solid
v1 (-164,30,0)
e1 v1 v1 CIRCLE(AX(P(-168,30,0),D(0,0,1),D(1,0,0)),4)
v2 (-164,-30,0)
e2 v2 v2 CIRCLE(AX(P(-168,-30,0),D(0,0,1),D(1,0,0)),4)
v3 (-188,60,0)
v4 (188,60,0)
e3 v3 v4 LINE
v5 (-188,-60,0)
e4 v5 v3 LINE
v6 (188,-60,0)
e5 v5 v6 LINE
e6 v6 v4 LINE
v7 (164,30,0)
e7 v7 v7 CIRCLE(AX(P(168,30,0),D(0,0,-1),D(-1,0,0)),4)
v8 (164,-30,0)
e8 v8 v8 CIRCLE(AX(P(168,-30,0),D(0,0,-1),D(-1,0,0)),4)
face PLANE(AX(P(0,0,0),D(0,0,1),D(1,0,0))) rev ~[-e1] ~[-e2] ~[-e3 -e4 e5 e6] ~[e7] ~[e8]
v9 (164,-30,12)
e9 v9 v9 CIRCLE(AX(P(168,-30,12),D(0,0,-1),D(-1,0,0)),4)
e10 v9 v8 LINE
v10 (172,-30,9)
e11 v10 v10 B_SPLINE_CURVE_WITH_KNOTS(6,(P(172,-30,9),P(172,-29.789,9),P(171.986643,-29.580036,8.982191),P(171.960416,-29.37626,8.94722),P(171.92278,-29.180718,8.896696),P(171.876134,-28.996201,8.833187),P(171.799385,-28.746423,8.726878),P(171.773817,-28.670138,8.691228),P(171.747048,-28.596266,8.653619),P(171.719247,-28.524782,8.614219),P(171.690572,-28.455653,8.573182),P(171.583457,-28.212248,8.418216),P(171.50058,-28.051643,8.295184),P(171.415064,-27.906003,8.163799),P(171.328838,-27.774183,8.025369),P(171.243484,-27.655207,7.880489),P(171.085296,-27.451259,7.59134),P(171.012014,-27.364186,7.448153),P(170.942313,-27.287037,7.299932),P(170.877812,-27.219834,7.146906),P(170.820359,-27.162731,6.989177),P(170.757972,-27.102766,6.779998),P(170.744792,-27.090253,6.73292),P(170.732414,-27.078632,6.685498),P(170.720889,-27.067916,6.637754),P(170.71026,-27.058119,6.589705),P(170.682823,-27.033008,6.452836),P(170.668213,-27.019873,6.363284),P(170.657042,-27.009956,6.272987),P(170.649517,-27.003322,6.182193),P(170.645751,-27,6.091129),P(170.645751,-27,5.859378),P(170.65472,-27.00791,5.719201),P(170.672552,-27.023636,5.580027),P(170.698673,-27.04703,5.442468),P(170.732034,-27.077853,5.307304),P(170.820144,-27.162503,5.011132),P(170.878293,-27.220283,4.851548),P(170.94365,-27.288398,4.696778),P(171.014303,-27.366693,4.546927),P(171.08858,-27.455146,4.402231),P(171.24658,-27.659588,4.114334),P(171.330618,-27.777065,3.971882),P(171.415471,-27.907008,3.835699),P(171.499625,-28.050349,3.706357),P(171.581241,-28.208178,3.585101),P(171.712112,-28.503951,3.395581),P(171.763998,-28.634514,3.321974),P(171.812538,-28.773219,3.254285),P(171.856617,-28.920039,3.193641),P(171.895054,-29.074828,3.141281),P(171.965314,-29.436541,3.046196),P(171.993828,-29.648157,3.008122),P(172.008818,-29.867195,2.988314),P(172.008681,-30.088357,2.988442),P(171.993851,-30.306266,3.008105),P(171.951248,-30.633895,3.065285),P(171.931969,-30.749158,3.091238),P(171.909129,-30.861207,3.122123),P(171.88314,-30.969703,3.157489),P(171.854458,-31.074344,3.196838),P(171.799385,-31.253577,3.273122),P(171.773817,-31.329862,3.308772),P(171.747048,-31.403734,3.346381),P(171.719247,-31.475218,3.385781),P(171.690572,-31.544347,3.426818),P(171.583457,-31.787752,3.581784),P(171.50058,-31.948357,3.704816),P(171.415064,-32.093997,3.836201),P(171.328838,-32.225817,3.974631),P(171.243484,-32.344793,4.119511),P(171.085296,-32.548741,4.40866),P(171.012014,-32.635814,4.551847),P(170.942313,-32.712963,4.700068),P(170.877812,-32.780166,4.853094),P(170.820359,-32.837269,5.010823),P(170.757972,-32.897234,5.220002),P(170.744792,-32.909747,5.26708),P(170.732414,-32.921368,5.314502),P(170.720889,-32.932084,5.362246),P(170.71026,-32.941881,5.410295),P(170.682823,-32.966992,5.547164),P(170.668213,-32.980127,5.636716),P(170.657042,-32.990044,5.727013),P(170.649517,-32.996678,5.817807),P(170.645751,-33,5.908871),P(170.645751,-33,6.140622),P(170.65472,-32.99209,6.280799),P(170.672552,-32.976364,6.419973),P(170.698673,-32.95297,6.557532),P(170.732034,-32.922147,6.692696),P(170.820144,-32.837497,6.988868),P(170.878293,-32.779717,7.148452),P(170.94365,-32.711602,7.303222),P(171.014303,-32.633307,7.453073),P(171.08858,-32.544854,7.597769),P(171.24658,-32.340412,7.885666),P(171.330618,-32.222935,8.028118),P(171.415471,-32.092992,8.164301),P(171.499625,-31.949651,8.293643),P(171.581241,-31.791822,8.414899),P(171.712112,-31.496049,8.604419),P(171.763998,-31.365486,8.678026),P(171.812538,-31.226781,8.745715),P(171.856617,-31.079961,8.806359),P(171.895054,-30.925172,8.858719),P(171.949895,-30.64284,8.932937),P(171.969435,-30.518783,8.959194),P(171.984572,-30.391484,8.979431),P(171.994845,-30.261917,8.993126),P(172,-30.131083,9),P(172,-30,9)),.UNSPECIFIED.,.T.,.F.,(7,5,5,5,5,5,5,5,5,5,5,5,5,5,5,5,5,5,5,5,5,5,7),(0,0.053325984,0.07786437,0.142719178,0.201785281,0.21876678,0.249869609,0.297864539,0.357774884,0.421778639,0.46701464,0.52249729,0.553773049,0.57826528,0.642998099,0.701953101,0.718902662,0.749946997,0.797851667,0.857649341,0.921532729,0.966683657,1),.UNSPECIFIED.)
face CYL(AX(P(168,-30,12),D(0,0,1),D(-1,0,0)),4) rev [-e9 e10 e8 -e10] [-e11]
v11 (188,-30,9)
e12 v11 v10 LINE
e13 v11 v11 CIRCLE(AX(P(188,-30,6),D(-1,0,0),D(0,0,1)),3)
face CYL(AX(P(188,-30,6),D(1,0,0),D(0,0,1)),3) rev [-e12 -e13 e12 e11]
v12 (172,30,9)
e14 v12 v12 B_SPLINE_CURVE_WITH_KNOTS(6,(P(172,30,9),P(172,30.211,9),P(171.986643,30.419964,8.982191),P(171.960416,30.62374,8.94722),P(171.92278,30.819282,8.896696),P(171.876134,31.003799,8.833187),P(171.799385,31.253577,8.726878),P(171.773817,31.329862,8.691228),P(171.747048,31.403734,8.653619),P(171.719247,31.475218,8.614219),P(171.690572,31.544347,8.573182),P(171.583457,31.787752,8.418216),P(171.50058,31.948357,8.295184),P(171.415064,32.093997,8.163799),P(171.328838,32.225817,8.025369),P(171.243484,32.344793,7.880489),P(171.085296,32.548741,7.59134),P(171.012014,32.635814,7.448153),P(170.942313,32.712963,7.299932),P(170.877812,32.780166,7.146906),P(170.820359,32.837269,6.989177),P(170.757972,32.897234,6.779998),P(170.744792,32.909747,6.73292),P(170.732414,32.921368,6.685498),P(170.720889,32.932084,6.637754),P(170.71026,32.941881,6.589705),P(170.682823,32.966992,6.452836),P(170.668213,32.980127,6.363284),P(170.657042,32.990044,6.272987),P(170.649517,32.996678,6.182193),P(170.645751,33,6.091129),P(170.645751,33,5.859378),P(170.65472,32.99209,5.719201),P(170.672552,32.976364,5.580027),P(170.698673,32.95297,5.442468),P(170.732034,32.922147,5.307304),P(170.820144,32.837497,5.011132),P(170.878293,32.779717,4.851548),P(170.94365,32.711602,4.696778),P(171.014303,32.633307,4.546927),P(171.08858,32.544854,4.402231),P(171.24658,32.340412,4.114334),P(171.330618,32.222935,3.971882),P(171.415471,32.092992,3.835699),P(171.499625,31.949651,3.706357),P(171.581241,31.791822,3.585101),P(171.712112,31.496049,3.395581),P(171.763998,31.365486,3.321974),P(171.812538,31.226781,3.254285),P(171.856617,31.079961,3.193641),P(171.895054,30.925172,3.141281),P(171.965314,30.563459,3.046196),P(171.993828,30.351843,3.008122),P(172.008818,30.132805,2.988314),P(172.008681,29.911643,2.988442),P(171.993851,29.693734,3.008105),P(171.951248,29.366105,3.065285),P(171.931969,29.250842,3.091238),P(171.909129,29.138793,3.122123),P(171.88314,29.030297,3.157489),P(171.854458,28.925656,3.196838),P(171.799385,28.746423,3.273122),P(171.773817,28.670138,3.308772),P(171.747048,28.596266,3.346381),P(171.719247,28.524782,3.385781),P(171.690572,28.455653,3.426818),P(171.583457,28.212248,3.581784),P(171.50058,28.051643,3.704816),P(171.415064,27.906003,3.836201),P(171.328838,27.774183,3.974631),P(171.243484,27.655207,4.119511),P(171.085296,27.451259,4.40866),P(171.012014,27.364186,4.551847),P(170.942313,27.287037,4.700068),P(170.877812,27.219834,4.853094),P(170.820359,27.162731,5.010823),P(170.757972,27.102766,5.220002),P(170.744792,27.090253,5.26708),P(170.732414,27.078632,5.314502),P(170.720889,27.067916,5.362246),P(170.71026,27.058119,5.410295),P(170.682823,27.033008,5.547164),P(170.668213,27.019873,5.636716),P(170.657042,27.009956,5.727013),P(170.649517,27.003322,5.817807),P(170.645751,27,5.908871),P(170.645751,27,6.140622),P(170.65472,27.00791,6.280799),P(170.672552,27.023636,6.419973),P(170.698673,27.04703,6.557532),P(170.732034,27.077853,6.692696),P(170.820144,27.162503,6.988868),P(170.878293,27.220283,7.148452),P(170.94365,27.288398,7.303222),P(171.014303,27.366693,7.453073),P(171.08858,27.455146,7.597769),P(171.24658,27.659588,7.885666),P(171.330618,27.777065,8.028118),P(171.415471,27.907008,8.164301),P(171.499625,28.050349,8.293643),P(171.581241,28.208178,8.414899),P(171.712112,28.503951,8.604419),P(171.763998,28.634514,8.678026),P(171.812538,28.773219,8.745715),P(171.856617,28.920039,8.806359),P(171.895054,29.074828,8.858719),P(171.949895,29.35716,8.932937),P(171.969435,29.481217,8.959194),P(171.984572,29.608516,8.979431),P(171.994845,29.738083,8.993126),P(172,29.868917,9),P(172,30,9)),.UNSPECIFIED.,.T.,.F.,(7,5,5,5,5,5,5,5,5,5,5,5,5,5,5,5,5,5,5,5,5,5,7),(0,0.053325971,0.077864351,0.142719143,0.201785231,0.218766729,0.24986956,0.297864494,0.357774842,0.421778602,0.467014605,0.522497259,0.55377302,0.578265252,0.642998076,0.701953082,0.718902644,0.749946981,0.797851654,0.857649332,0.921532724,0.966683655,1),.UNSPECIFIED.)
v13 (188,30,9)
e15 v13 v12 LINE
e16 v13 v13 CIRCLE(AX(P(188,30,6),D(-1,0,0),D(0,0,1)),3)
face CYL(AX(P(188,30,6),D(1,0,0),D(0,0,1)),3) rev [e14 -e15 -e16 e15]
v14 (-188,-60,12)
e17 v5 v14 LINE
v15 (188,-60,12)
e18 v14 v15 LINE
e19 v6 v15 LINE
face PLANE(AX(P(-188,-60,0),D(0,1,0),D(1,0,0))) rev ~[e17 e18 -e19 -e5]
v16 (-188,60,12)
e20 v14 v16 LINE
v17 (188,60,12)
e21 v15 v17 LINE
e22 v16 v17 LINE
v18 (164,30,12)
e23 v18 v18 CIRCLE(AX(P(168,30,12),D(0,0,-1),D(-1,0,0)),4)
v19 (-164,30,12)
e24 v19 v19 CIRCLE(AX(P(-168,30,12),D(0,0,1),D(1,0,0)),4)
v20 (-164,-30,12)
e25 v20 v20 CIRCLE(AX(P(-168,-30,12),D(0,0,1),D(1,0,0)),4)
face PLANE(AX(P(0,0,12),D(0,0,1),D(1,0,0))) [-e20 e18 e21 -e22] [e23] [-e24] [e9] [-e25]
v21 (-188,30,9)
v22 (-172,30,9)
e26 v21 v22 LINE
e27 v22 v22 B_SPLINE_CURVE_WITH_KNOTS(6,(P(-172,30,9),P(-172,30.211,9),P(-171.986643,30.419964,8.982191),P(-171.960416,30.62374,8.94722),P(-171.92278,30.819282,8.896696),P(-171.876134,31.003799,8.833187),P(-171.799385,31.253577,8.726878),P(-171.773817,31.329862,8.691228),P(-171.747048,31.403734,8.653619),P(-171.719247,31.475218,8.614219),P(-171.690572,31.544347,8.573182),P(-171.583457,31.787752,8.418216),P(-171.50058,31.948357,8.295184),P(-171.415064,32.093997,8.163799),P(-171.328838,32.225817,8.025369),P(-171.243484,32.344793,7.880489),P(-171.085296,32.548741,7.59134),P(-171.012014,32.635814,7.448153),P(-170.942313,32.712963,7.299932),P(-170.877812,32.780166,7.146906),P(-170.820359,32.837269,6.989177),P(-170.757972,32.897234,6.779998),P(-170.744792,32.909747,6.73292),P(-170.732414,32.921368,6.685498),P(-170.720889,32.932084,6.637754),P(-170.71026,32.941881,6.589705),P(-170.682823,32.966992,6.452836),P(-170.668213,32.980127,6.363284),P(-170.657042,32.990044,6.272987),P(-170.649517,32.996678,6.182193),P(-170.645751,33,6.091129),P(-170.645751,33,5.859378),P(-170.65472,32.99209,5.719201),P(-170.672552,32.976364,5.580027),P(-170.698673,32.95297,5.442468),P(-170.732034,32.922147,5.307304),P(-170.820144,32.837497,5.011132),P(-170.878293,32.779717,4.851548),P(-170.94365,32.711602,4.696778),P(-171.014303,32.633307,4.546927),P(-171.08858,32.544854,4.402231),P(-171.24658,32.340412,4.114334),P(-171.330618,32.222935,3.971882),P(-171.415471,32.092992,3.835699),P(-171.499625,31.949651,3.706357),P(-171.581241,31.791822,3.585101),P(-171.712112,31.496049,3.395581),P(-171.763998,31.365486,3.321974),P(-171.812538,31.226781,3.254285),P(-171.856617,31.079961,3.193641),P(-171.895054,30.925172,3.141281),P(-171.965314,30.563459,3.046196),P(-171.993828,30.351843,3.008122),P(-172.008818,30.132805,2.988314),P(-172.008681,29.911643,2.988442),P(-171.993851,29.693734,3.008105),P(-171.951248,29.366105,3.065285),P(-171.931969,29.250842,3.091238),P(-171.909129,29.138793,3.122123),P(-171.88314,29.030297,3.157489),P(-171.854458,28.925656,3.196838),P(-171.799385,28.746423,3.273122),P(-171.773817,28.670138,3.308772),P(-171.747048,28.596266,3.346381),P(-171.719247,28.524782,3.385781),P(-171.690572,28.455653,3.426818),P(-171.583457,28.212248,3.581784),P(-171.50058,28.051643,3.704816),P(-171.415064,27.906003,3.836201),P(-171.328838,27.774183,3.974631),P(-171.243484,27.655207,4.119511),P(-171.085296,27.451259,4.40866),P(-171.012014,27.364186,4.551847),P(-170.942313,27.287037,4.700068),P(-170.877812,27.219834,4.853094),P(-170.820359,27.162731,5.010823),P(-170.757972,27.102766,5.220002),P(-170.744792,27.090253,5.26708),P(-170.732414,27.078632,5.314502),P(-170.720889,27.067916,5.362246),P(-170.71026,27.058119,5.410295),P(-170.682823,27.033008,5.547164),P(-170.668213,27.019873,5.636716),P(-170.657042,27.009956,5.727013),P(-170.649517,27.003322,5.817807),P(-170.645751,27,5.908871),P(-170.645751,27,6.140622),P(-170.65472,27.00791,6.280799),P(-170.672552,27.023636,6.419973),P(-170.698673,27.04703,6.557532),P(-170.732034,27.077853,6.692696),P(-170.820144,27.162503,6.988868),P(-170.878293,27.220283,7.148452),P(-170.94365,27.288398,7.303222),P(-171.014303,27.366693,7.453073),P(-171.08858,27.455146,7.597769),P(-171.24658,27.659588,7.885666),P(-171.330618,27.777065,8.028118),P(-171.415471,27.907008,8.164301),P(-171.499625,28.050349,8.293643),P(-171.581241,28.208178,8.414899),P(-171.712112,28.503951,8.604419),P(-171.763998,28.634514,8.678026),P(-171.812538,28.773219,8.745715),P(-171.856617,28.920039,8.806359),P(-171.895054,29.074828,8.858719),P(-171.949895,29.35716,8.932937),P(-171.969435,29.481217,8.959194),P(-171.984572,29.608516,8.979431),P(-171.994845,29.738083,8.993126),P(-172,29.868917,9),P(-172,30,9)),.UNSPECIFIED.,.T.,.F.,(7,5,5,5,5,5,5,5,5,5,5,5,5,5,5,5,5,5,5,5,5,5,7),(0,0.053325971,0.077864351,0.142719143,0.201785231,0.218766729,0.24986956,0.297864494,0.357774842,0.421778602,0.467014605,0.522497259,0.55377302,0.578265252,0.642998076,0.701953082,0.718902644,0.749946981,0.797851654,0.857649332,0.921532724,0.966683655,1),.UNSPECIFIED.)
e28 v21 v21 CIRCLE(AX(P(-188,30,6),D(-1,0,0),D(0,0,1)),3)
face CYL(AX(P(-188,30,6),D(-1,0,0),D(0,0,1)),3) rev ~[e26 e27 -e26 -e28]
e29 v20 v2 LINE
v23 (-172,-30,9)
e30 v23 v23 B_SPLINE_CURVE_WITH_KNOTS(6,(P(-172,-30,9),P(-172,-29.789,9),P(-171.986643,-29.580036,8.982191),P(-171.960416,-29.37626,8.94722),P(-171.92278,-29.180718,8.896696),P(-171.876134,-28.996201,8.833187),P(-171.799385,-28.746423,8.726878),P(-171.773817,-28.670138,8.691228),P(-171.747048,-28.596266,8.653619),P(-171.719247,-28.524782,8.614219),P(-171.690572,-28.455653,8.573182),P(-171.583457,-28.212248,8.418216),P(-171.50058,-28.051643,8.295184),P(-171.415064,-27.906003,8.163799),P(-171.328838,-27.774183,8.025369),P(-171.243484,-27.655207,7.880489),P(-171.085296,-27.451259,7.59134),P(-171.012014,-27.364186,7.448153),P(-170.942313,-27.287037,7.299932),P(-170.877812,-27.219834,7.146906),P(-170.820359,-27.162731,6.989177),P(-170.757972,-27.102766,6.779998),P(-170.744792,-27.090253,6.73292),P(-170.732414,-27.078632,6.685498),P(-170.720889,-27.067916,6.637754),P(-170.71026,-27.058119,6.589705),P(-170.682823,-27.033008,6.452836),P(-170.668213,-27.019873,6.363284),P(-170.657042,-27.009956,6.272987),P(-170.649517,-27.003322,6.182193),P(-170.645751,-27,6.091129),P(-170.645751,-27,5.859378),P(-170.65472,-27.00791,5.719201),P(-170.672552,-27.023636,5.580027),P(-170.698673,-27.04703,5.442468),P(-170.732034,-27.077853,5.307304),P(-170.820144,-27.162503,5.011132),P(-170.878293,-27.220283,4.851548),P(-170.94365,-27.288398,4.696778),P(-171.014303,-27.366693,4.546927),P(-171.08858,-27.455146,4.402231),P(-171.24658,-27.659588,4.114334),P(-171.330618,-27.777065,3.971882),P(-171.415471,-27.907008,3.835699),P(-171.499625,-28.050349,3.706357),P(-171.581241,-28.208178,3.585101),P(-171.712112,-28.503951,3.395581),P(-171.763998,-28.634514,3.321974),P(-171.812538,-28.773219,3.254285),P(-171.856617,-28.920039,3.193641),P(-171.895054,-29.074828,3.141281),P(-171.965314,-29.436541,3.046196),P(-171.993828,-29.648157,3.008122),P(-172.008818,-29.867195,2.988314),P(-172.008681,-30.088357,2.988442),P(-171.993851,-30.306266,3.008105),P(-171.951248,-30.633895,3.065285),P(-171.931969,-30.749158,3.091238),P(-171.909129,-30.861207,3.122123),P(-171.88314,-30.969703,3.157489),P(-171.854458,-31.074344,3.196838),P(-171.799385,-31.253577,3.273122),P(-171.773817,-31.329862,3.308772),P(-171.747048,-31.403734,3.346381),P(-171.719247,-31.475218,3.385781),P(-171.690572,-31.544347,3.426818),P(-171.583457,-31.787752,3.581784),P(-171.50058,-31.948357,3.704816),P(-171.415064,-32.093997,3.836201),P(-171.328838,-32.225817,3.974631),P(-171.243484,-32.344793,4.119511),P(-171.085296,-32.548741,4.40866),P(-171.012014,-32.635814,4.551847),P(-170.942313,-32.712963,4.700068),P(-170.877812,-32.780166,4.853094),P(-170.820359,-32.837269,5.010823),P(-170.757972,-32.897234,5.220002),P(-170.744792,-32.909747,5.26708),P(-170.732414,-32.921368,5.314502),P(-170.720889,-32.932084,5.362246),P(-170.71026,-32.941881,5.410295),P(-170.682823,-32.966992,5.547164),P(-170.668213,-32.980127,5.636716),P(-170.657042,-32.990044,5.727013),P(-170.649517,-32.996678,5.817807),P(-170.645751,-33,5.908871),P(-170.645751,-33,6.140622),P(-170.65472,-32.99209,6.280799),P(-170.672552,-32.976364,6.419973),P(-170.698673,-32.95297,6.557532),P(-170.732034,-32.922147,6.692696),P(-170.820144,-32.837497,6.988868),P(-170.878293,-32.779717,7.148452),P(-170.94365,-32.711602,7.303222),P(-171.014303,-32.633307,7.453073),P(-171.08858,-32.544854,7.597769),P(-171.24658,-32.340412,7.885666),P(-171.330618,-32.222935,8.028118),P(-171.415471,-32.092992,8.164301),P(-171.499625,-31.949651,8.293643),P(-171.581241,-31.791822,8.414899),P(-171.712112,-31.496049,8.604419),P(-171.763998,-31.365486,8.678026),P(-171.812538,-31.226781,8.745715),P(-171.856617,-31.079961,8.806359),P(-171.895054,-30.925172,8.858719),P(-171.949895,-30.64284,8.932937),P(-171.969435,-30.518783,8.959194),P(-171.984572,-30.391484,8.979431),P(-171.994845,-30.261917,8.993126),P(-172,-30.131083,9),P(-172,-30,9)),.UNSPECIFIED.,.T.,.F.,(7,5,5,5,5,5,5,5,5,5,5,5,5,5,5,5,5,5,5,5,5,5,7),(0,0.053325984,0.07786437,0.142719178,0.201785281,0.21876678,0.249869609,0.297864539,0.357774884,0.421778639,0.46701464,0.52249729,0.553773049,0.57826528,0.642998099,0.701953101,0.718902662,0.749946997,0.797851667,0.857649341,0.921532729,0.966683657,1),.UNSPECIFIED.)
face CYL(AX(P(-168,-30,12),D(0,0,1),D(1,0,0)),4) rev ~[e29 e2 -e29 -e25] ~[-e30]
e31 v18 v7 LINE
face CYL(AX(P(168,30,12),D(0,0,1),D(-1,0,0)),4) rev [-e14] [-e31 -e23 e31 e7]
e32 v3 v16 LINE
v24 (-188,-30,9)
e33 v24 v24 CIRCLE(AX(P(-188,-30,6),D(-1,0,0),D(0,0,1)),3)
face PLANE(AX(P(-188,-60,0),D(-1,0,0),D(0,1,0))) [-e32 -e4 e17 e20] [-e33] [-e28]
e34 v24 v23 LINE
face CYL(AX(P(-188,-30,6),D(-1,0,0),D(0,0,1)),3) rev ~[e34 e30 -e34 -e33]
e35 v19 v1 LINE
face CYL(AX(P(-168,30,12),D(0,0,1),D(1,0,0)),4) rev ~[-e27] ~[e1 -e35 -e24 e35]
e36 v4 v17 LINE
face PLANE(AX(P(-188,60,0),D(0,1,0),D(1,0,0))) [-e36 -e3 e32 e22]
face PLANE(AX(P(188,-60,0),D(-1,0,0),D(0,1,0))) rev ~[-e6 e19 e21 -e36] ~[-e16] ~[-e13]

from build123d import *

# Parameters (mm, degrees)
SKETCH1_W           = 376
SKETCH1_H           = 120
BOSS_EXTRUDE1_DEPTH = 12
CUT_EXTRUDE1_REACH  = 199.707
SKETCH2_R           = 4
CUT_EXTRUDE2_REACH  = 382.946
SKETCH3_R           = 3


with BuildPart() as part:
    # Sketch1 → Boss-Extrude1 (new body)
    with BuildSketch(Plane.XY):
        Rectangle(SKETCH1_W, SKETCH1_H)
    extrude(amount=BOSS_EXTRUDE1_DEPTH)

    # Sketch2 → Cut-Extrude1 (cut, up to next)
    with BuildSketch(Plane.XY.offset(12), mode=Mode.PRIVATE) as cut_extrude1_sk1:
        with Locations((-168, 30)):
            Circle(SKETCH2_R)
    cut_extrude1_tool1 = extrude(cut_extrude1_sk1.sketch, amount=-CUT_EXTRUDE1_REACH, mode=Mode.PRIVATE) & part.part
    # Sketch2 → Cut-Extrude1 (cut, up to next)
    with BuildSketch(Plane.XY.offset(12), mode=Mode.PRIVATE) as cut_extrude1_sk2:
        with Locations((-168, -30)):
            Circle(SKETCH2_R)
    cut_extrude1_tool2 = extrude(cut_extrude1_sk2.sketch, amount=-CUT_EXTRUDE1_REACH, mode=Mode.PRIVATE) & part.part
    cut_extrude1_1 = cut_extrude1_tool1.solids().sort_by_distance((-168, 30, 12))[0]
    add(cut_extrude1_1, mode=Mode.SUBTRACT)
    cut_extrude1_2 = cut_extrude1_tool2.solids().sort_by_distance((-168, -30, 12))[0]
    add(cut_extrude1_2, mode=Mode.SUBTRACT)
    cut_extrude1 = cut_extrude1_1 + cut_extrude1_2  # Cut-Extrude1 as one shape, for the pattern or mirror that repeats it

    # Sketch3 → Cut-Extrude2 (cut, up to next)
    with BuildSketch(Plane.ZY.offset(188), mode=Mode.PRIVATE) as cut_extrude2_sk1:
        with Locations((6, 30)):
            Circle(SKETCH3_R)
    cut_extrude2_tool1 = extrude(cut_extrude2_sk1.sketch, amount=-CUT_EXTRUDE2_REACH, mode=Mode.PRIVATE) & part.part
    # Sketch3 → Cut-Extrude2 (cut, up to next)
    with BuildSketch(Plane.ZY.offset(188), mode=Mode.PRIVATE) as cut_extrude2_sk2:
        with Locations((6, -30)):
            Circle(SKETCH3_R)
    cut_extrude2_tool2 = extrude(cut_extrude2_sk2.sketch, amount=-CUT_EXTRUDE2_REACH, mode=Mode.PRIVATE) & part.part
    cut_extrude2_1 = cut_extrude2_tool1.solids().sort_by_distance((-188, 30, 6))[0]
    add(cut_extrude2_1, mode=Mode.SUBTRACT)
    cut_extrude2_2 = cut_extrude2_tool2.solids().sort_by_distance((-188, -30, 6))[0]
    add(cut_extrude2_2, mode=Mode.SUBTRACT)
    cut_extrude2 = cut_extrude2_1 + cut_extrude2_2  # Cut-Extrude2 as one shape, for the pattern or mirror that repeats it

    # Mirror1: Cut-Extrude1, Cut-Extrude2 across plane
    add(cut_extrude1.mirror(Plane(origin=(0, 0, 0), x_dir=(0, 0, 1), z_dir=(1, 0, 0))), mode=Mode.SUBTRACT)
    add(cut_extrude2.mirror(Plane(origin=(0, 0, 0), x_dir=(0, 0, 1), z_dir=(1, 0, 0))), mode=Mode.SUBTRACT)


solid = part.part
